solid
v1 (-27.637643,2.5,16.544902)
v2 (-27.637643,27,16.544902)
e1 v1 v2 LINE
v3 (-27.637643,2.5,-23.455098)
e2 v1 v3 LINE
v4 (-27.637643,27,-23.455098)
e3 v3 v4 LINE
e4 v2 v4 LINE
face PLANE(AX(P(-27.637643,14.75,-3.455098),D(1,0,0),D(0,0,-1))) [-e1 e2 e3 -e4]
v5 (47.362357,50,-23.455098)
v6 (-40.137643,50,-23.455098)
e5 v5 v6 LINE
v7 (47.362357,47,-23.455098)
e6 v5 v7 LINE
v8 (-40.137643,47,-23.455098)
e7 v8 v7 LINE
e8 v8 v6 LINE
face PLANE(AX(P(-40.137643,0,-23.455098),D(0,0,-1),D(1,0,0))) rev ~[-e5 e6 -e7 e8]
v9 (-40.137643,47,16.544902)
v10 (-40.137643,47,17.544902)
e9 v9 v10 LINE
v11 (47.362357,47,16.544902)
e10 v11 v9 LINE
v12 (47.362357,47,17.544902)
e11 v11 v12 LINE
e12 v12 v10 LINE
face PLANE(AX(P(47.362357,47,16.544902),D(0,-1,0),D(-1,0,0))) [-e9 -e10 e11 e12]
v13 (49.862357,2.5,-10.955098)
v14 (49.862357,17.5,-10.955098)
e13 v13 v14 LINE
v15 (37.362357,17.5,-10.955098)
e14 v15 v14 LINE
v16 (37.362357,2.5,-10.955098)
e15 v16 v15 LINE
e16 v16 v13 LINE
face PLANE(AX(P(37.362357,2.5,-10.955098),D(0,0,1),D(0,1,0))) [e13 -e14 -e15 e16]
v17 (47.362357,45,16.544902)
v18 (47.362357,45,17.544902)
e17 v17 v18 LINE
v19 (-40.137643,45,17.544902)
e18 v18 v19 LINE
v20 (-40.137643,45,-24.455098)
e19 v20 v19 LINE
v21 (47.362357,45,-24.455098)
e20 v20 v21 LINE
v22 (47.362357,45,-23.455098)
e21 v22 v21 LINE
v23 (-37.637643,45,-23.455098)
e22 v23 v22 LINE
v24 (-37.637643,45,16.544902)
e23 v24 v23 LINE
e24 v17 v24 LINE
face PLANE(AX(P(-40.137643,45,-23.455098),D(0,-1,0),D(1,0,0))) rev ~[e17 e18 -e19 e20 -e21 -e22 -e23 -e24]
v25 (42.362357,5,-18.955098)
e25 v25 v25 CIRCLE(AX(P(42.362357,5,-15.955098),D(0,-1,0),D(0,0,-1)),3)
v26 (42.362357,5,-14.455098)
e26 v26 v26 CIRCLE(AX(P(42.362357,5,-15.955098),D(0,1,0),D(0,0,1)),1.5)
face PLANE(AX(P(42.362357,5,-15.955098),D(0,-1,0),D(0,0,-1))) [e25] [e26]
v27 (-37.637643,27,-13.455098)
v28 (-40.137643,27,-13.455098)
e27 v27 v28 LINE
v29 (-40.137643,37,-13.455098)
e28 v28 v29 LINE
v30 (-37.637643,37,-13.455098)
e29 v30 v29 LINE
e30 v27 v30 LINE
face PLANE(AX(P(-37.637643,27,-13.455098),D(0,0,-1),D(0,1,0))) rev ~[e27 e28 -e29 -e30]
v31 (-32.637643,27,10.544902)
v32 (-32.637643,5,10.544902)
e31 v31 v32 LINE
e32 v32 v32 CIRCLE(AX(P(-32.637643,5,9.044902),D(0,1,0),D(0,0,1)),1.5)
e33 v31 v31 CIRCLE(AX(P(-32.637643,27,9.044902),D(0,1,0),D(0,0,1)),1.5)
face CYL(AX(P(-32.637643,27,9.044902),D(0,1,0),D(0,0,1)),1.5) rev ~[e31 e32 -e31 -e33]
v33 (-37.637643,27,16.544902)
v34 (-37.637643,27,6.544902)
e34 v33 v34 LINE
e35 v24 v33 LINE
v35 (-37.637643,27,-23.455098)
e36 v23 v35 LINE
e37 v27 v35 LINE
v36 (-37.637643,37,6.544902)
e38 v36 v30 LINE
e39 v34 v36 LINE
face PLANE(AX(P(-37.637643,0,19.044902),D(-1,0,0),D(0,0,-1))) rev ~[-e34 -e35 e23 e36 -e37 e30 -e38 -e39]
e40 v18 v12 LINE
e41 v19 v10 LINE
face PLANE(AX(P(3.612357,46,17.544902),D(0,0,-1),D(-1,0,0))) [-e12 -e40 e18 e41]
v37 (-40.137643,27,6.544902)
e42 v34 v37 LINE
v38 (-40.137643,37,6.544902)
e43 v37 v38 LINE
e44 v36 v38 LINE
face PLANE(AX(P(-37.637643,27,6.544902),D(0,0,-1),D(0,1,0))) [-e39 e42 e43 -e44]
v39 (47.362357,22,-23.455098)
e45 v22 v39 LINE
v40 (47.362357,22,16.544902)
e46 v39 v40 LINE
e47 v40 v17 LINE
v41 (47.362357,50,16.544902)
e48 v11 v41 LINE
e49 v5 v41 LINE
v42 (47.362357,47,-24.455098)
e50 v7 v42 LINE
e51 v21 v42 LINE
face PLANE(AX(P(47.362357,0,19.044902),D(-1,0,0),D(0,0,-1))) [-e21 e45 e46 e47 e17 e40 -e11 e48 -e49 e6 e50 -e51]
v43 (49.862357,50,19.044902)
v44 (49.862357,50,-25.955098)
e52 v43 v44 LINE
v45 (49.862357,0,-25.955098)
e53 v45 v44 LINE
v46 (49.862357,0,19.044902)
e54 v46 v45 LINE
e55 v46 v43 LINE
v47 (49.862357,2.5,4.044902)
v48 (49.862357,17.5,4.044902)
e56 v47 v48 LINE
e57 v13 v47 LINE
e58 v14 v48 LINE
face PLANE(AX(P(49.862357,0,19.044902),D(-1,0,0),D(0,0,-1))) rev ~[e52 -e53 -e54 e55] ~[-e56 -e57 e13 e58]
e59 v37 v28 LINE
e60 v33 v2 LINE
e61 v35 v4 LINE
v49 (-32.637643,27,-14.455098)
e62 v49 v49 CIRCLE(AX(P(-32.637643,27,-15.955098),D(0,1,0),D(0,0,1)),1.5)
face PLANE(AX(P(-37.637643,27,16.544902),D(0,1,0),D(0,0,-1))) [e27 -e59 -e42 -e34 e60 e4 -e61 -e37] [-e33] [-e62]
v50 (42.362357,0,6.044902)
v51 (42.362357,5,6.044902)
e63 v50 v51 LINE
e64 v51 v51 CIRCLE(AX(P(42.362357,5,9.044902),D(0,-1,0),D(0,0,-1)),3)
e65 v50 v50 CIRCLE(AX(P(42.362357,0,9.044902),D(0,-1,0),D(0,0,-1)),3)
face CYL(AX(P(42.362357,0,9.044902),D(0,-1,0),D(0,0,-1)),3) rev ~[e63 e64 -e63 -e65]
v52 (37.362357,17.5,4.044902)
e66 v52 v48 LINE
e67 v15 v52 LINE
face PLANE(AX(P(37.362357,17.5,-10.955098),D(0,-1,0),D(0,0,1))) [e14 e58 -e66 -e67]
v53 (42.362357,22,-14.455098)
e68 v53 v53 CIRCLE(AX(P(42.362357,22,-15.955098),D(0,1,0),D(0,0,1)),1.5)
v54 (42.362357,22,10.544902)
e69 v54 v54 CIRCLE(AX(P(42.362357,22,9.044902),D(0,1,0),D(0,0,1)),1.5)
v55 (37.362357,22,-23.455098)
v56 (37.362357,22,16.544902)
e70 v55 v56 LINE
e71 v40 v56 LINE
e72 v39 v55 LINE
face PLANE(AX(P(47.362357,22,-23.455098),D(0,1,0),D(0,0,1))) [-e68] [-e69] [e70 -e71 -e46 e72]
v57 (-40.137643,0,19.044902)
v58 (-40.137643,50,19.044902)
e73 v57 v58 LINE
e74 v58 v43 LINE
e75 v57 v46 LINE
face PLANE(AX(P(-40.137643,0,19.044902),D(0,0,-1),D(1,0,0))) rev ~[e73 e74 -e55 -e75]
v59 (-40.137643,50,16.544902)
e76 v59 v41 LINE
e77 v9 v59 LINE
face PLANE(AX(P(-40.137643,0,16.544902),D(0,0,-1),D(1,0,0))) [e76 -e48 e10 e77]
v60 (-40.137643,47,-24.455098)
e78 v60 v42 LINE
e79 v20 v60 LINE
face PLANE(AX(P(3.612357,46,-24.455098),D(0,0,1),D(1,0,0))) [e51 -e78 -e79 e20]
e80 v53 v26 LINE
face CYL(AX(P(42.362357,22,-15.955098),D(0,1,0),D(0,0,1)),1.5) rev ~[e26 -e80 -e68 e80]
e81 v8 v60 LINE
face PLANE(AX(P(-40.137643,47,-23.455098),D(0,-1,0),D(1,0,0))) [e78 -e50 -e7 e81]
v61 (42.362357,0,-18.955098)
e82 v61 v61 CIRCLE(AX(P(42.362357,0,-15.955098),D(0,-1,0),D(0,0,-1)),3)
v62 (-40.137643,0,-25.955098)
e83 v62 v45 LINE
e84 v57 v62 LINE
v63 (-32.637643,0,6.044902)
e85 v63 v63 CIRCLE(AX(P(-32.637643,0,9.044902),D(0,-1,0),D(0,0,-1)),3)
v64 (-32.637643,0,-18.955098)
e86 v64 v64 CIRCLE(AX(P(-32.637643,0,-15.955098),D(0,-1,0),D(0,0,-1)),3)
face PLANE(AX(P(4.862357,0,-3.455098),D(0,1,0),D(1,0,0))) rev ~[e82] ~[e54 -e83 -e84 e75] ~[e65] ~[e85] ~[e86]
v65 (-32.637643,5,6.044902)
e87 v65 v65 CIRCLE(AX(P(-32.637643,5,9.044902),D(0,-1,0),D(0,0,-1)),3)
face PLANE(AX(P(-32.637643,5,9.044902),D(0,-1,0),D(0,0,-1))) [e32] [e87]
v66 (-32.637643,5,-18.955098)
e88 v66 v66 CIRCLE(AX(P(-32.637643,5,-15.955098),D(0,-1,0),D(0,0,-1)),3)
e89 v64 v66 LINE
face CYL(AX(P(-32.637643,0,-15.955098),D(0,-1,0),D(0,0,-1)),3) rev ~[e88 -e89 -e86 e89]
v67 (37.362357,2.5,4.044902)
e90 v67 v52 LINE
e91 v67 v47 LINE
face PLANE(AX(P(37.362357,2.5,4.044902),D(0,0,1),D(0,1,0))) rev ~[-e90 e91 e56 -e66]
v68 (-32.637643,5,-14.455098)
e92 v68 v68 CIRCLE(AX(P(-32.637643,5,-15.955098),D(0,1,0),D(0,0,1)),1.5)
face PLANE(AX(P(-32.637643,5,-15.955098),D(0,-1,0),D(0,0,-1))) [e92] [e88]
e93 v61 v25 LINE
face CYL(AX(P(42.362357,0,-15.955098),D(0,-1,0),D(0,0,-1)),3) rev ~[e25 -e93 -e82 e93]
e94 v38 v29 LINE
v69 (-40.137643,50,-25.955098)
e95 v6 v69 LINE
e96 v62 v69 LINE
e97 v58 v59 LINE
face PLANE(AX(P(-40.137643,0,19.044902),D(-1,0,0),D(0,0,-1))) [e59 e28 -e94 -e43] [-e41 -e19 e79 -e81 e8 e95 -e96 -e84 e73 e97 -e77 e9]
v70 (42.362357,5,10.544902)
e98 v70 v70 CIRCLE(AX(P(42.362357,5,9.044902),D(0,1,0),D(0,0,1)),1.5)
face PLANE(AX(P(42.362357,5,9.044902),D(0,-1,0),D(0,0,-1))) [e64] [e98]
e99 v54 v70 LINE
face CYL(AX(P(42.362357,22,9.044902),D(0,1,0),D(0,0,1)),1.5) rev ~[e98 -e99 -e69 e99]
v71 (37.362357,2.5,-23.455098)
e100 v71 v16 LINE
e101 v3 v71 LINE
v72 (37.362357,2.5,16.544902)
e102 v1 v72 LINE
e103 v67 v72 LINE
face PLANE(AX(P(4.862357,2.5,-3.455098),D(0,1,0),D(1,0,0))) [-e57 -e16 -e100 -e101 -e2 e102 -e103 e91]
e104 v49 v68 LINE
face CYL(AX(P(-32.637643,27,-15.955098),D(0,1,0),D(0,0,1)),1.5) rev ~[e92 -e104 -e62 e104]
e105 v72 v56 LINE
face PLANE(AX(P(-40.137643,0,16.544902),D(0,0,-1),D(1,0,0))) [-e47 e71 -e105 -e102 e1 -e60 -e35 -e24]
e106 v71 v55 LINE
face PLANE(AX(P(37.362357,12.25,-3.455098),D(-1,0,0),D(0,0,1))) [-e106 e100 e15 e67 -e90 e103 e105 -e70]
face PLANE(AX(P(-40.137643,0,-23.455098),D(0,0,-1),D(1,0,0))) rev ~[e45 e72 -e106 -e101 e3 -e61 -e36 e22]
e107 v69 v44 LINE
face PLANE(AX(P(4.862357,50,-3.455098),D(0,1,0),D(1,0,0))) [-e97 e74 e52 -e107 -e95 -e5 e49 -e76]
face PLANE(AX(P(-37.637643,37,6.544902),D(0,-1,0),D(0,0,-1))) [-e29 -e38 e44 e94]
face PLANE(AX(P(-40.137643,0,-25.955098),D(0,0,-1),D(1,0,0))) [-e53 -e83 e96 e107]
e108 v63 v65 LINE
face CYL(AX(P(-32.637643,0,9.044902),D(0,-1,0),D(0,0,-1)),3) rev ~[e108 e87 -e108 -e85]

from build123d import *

# Parameters (mm, degrees)
SKETCH1_W           = 90
SKETCH1_H           = 45
BOSS_EXTRUDE1_DEPTH = 50
SHELL1_T            = -2.5
SKETCH2_W           = 40
SKETCH2_H           = 24.5
BOSS_EXTRUDE2_DEPTH = 10
SKETCH3_W           = 40
SKETCH3_H           = 19.5
BOSS_EXTRUDE3_DEPTH = 10
SKETCH9_W           = 20
SKETCH9_H           = 10
CUT_EXTRUDE3_DEPTH  = 2.5
SKETCH13_W          = 40
SKETCH13_H          = 5
CUT_EXTRUDE6_DEPTH  = 2.5
SKETCH14_W          = 87.5
SKETCH14_H          = 2
CUT_EXTRUDE7_DEPTH  = 1
SKETCH15_W          = 87.5
SKETCH15_H          = 2
CUT_EXTRUDE8_DEPTH  = 1
SKETCH17_R          = 1.5
CUT_EXTRUDE9_DEPTH  = 27
SKETCH18_R          = 1.5
CUT_EXTRUDE10_DEPTH = 27
SKETCH20_R          = 1.5
CUT_EXTRUDE11_DEPTH = 22
SKETCH21_R          = 1.5
CUT_EXTRUDE12_DEPTH = 22
SKETCH22_R          = 3
CUT_EXTRUDE13_DEPTH = 5
SKETCH26_W          = 15
SKETCH26_H          = 15
CUT_EXTRUDE14_DEPTH = 12.5


with BuildPart() as part:
    # Sketch1 → Boss-Extrude1 (new body)
    with BuildSketch(Plane(origin=(0, 0, 0), x_dir=(1, 0, 0), z_dir=(0, 1, 0))):
        with Locations((4.862356655, 3.4550978)):
            Rectangle(SKETCH1_W, SKETCH1_H)
    extrude(amount=BOSS_EXTRUDE1_DEPTH)

    # Shell1
    shell1_openings = [part.faces().sort_by_distance(p)[0] for p in [
        (4.862356655, 50, -3.4550978),
    ]]
    offset(amount=SHELL1_T, openings=shell1_openings, kind=Kind.INTERSECTION)

    # Sketch2 → Boss-Extrude2 (add)
    with BuildSketch(Plane(origin=(-37.637643345, 0, 0), x_dir=(0, 0, -1), z_dir=(1, 0, 0))):
        with Locations((3.4550978, 14.75)):
            Rectangle(SKETCH2_W, SKETCH2_H)
    extrude(amount=BOSS_EXTRUDE2_DEPTH)

    # Sketch3 → Boss-Extrude3 (add)
    with BuildSketch(Plane.ZY.offset(-47.362356655)):
        with Locations((-3.4550978, 12.25)):
            Rectangle(SKETCH3_W, SKETCH3_H)
    extrude(amount=BOSS_EXTRUDE3_DEPTH)

    # Sketch9 → Cut-Extrude3 (cut)
    with BuildSketch(Plane(origin=(-37.637643345, 0, 0), x_dir=(0, 0, -1), z_dir=(1, 0, 0))):
        with Locations((3.4550978, 32)):
            Rectangle(SKETCH9_W, SKETCH9_H)
    extrude(amount=-CUT_EXTRUDE3_DEPTH, mode=Mode.SUBTRACT)

    # Sketch13 → Cut-Extrude6 (cut)
    with BuildSketch(Plane(origin=(-37.637643345, 0, 0), x_dir=(0, 0, -1), z_dir=(1, 0, 0))):
        with Locations((3.4550978, 47.5)):
            Rectangle(SKETCH13_W, SKETCH13_H)
    extrude(amount=-CUT_EXTRUDE6_DEPTH, mode=Mode.SUBTRACT)

    # Sketch14 → Cut-Extrude7 (cut)
    with BuildSketch(Plane.XY.offset(-23.4550978)):
        with Locations((3.612356655, 46)):
            Rectangle(SKETCH14_W, SKETCH14_H)
    extrude(amount=-CUT_EXTRUDE7_DEPTH, mode=Mode.SUBTRACT)

    # Sketch15 → Cut-Extrude8 (cut)
    with BuildSketch(Plane(origin=(0, 0, 16.5449022), x_dir=(-1, 0, 0), z_dir=(0, 0, -1))):
        with Locations((-3.612356655, 46)):
            Rectangle(SKETCH15_W, SKETCH15_H)
    extrude(amount=-CUT_EXTRUDE8_DEPTH, mode=Mode.SUBTRACT)

    # Sketch17 → Cut-Extrude9 (cut)
    with BuildSketch(Plane(origin=(0, 27, 0), x_dir=(1, 0, 0), z_dir=(0, 1, 0))):
        with Locations(Location((-32.637643345, -9.0449022, 0), (0, 0, 270))):
            Circle(SKETCH17_R)
    extrude(amount=-CUT_EXTRUDE9_DEPTH, mode=Mode.SUBTRACT)

    # Sketch18 → Cut-Extrude10 (cut)
    with BuildSketch(Plane(origin=(0, 27, 0), x_dir=(1, 0, 0), z_dir=(0, 1, 0))):
        with Locations(Location((-32.637643345, 15.9550978, 0), (0, 0, 270))):
            Circle(SKETCH18_R)
    extrude(amount=-CUT_EXTRUDE10_DEPTH, mode=Mode.SUBTRACT)

    # Sketch20 → Cut-Extrude11 (cut)
    with BuildSketch(Plane(origin=(0, 22, 0), x_dir=(1, 0, 0), z_dir=(0, 1, 0))):
        with Locations(Location((42.362356655, 15.9550978, 0), (0, 0, 270))):
            Circle(SKETCH20_R)
    extrude(amount=-CUT_EXTRUDE11_DEPTH, mode=Mode.SUBTRACT)

    # Sketch21 → Cut-Extrude12 (cut)
    with BuildSketch(Plane(origin=(0, 22, 0), x_dir=(1, 0, 0), z_dir=(0, 1, 0))):
        with Locations(Location((42.362356655, -9.0449022, 0), (0, 0, 270))):
            Circle(SKETCH21_R)
    extrude(amount=-CUT_EXTRUDE12_DEPTH, mode=Mode.SUBTRACT)

    # Sketch22 → Cut-Extrude13 (cut)
    with BuildSketch(Plane.XZ):
        with Locations(Location((-32.637643345, -15.9550978, 0), (0, 0, 270))):
            Circle(SKETCH22_R)
        with Locations(Location((-32.637643345, 9.0449022, 0), (0, 0, 270))):
            Circle(SKETCH22_R)
        with Locations(Location((42.362356655, -15.9550978, 0), (0, 0, 270))):
            Circle(SKETCH22_R)
        with Locations(Location((42.362356655, 9.0449022, 0), (0, 0, 270))):
            Circle(SKETCH22_R)
    extrude(amount=-CUT_EXTRUDE13_DEPTH, mode=Mode.SUBTRACT)

    # Sketch26 → Cut-Extrude14 (cut)
    with BuildSketch(Plane.ZY.offset(-37.362356655)):
        with Locations((-3.4550978, 10)):
            Rectangle(SKETCH26_W, SKETCH26_H)
    extrude(amount=-CUT_EXTRUDE14_DEPTH, mode=Mode.SUBTRACT)


solid = part.part
